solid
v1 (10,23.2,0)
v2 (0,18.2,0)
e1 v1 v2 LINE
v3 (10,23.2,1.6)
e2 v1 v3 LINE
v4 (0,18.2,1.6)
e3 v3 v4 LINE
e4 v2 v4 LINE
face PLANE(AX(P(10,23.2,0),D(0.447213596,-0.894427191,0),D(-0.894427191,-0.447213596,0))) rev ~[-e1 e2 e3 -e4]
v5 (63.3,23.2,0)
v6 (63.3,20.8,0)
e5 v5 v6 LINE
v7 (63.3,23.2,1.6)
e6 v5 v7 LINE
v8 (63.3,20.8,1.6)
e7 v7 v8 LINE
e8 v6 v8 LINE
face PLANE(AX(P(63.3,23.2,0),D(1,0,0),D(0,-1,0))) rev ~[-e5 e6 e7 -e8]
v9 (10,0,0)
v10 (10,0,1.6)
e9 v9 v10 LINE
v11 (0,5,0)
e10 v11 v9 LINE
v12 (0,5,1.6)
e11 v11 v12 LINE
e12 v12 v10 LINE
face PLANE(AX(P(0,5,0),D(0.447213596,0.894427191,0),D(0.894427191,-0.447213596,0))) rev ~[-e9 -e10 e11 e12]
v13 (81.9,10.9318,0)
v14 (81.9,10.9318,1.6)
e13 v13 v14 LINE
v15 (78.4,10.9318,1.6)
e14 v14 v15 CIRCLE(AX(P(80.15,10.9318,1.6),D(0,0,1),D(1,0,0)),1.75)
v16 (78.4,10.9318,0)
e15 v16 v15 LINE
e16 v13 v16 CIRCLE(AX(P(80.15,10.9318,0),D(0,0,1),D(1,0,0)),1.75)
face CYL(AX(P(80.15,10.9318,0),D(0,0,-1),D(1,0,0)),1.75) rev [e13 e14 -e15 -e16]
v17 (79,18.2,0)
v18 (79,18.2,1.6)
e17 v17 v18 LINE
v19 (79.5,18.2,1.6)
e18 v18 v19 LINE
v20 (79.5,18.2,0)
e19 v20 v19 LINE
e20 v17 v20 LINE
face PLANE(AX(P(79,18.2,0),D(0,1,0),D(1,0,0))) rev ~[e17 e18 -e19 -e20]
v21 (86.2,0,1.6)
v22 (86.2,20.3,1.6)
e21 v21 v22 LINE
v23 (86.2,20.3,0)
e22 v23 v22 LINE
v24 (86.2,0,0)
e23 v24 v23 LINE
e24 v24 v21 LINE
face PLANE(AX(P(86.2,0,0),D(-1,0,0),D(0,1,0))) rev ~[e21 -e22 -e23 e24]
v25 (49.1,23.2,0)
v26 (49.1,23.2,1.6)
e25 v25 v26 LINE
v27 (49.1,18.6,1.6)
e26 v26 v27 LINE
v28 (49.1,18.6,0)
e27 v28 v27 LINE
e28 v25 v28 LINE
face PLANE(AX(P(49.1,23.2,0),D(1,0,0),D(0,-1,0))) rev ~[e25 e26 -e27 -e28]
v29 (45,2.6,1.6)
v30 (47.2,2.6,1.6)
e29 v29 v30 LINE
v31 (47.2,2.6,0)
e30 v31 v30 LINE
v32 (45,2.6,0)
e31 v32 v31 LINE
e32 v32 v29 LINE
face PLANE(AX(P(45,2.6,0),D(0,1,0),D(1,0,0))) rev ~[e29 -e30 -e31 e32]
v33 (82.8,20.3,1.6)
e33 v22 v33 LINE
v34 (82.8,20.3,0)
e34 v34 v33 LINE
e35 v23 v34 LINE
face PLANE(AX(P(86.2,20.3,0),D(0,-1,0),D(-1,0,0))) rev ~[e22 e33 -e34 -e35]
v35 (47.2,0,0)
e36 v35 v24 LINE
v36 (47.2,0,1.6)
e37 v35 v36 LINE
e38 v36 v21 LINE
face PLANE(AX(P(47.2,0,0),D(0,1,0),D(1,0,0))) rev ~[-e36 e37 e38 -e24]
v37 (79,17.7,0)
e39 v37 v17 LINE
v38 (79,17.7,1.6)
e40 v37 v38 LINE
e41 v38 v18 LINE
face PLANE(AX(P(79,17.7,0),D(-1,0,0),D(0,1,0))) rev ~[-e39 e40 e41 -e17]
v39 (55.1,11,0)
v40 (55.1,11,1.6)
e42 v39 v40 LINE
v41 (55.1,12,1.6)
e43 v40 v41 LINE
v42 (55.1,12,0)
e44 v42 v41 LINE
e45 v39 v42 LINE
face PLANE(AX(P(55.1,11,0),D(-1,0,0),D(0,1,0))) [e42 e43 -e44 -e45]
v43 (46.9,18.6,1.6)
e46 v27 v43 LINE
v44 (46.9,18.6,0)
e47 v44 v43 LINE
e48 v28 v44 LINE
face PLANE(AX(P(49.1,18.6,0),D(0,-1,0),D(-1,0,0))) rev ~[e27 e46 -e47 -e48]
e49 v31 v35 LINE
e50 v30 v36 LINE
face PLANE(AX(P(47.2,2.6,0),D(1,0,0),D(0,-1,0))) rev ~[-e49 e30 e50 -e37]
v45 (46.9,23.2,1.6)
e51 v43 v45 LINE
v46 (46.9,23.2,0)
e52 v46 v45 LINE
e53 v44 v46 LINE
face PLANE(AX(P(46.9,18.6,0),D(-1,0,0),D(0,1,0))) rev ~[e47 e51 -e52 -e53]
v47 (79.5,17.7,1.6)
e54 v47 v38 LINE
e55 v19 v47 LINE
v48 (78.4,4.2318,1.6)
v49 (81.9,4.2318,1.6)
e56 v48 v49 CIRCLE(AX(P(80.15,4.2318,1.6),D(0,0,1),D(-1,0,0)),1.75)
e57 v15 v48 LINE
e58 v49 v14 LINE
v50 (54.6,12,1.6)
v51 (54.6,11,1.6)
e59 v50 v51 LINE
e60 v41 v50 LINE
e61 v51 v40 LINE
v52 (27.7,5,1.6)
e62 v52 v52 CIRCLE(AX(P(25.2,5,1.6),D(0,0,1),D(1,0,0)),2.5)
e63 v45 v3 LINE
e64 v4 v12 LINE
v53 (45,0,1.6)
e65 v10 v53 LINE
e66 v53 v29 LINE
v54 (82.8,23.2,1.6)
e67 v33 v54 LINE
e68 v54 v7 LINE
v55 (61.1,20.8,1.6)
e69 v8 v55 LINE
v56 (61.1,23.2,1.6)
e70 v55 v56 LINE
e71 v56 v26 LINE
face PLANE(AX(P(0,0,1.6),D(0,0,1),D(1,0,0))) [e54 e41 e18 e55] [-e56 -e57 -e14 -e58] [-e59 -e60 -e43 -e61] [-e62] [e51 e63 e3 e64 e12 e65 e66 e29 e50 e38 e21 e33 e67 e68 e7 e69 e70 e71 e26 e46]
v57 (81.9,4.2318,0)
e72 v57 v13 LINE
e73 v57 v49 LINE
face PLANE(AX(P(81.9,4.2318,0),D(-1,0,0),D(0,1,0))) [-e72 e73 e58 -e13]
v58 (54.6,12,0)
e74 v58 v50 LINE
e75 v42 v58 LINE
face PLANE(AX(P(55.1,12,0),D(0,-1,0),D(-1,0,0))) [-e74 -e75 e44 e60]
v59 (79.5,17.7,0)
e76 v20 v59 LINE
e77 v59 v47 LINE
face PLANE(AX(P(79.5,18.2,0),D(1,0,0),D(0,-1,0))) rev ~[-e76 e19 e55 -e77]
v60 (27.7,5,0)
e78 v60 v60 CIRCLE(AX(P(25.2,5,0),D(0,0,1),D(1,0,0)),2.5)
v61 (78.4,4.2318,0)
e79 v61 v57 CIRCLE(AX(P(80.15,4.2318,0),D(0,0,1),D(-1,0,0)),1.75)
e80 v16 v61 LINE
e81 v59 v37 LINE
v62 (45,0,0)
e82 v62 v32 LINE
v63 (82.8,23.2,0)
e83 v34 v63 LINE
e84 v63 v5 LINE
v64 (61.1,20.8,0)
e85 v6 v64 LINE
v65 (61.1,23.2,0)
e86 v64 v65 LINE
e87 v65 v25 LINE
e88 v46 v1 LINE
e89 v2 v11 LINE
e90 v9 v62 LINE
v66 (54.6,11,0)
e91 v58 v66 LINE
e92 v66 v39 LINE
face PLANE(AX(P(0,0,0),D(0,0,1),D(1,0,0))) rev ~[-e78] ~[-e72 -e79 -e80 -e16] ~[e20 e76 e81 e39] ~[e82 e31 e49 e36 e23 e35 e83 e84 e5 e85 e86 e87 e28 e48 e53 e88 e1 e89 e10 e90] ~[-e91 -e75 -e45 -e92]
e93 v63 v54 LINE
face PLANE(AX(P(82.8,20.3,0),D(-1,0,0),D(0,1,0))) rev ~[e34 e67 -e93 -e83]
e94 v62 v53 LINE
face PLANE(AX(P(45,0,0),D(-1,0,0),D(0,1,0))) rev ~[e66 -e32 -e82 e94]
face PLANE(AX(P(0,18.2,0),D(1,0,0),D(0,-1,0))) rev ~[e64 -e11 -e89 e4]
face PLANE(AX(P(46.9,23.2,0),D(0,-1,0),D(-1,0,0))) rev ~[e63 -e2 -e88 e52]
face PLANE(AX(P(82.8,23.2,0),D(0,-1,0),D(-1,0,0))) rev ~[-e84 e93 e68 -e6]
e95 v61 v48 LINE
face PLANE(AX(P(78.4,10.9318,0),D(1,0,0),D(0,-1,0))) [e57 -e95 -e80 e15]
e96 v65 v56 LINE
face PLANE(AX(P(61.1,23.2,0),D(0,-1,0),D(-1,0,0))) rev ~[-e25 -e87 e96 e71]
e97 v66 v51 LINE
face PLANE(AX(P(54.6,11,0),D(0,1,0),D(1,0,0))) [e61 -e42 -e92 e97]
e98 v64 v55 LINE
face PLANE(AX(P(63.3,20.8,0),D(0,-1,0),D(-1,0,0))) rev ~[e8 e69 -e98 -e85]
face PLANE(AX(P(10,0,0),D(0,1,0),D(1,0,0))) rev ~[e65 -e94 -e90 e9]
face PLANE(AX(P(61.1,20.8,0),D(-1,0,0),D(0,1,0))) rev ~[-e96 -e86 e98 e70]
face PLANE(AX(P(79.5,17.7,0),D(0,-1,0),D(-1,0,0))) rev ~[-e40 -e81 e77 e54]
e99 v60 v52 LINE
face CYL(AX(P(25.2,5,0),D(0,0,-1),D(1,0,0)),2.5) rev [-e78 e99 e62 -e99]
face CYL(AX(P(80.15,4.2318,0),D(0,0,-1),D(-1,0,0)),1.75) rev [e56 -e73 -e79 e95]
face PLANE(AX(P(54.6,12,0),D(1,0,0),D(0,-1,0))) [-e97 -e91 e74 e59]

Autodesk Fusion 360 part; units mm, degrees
sketch "Sketch1" plane through (0, 0, 0) normal (0, 0, 1) x (1, 0, 0) in component "Component"
  line L0 (0, 23.2) -> (86.2, 23.2) construction
  line L1 (86.2, 23.2) -> (86.2, 0) construction
  line L2 (86.2, 0) -> (0, 0) construction
  line L3 (0, 0) -> (0, 23.2) construction
  line L4 (86.2, 20.3) -> (82.8, 20.3)
  line L5 (82.8, 20.3) -> (82.8, 23.2)
  line L6 (82.8, 23.2) -> (63.2045, 23.2)
  line L7 (63.3, 23.2) -> (63.3, 20.8)
  line L8 (63.3, 20.8) -> (61.1, 20.8)
  line L9 (61.1, 20.8) -> (61.1, 23.2)
  line L10 (61.1, 23.2) -> (49.1, 23.2)
  line L11 (49.1, 23.2) -> (49.1, 18.6)
  line L12 (49.1, 18.6) -> (46.9, 18.6)
  line L13 (46.9, 18.6) -> (46.9, 23.2)
  line L14 (46.9, 23.2) -> (10, 23.2)
  line L15 (10, 23.2) -> (0, 18.2)
  line L16 (0, 18.2) -> (0, 5)
  line L17 (0, 5) -> (10, 0)
  line L18 (10, 0) -> (45, 0)
  line L19 (45, 0) -> (45, 2.6)
  line L20 (45, 2.6) -> (47.2, 2.6)
  line L21 (47.2, 2.6) -> (47.2, 0)
  line L22 (47.2, 0) -> (86.2, 0)
  line L23 (86.2, 0) -> (86.2, 20.3)
  circle A0 centre (25.2, 5) radius 2.5
  line L24 (78.4, 10.9318) -> (78.4, 4.2318)
  arc A1 (78.4, 4.2318) -> (81.9, 4.2318) centre (80.15, 4.2318) ccw
  line L25 (81.9, 4.2318) -> (81.9, 10.9318)
  arc A2 (81.9, 10.9318) -> (78.4, 10.9318) centre (80.15, 10.9318) ccw
  line L26 (55.1, 12) -> (54.6, 12)
  line L27 (54.6, 12) -> (54.6, 11)
  line L28 (54.6, 11) -> (55.1, 11)
  line L29 (55.1, 11) -> (55.1, 12)
  line L30 (79, 18.2) -> (79.5, 18.2)
  line L31 (79.5, 18.2) -> (79.5, 17.7)
  line L32 (79.5, 17.7) -> (79, 17.7)
  line L33 (79, 17.7) -> (79, 18.2)
  dimension "d1" = 86.2
  dimension "d2" = 23.2
  dimension "d3" = 2.2
  dimension "d4" = 2.2
  dimension "d5" = 4.6
  dimension "d6" = 2.4
  dimension "d7" = 2.2
  dimension "d8" = 2.6
  dimension "d9" = 3.4
  dimension "d10" = 2.9
  dimension "d11" = 10
  dimension "d12" = 5
  dimension "d13" = 25.2
  dimension "d14" = 5
  dimension "d15" = 5
  dimension "d16" = 45
  dimension "d17" = 46.9
  dimension "d18" = 61.1
  dimension "d19" = 6.7
  dimension "d20" = 4.3
  dimension "d21" = 4.2318
  dimension "d22" = 1.75
  dimension "d23" = 0.5
  dimension "d24" = 55.1
  dimension "d25" = 1
  dimension "d26" = 12
  dimension "d27" = 0.5
  dimension "d28" = 0.5
  dimension "d29" = 79.5
  dimension "d30" = 5
extrude "Extrude1" add sketch "Sketch1" along normal blind 1.6 in component "Component"
component "Component" placed x (1, 0, 0) y (0, 1, 0) z (0, 0, 1) at (0, 0, 0)
